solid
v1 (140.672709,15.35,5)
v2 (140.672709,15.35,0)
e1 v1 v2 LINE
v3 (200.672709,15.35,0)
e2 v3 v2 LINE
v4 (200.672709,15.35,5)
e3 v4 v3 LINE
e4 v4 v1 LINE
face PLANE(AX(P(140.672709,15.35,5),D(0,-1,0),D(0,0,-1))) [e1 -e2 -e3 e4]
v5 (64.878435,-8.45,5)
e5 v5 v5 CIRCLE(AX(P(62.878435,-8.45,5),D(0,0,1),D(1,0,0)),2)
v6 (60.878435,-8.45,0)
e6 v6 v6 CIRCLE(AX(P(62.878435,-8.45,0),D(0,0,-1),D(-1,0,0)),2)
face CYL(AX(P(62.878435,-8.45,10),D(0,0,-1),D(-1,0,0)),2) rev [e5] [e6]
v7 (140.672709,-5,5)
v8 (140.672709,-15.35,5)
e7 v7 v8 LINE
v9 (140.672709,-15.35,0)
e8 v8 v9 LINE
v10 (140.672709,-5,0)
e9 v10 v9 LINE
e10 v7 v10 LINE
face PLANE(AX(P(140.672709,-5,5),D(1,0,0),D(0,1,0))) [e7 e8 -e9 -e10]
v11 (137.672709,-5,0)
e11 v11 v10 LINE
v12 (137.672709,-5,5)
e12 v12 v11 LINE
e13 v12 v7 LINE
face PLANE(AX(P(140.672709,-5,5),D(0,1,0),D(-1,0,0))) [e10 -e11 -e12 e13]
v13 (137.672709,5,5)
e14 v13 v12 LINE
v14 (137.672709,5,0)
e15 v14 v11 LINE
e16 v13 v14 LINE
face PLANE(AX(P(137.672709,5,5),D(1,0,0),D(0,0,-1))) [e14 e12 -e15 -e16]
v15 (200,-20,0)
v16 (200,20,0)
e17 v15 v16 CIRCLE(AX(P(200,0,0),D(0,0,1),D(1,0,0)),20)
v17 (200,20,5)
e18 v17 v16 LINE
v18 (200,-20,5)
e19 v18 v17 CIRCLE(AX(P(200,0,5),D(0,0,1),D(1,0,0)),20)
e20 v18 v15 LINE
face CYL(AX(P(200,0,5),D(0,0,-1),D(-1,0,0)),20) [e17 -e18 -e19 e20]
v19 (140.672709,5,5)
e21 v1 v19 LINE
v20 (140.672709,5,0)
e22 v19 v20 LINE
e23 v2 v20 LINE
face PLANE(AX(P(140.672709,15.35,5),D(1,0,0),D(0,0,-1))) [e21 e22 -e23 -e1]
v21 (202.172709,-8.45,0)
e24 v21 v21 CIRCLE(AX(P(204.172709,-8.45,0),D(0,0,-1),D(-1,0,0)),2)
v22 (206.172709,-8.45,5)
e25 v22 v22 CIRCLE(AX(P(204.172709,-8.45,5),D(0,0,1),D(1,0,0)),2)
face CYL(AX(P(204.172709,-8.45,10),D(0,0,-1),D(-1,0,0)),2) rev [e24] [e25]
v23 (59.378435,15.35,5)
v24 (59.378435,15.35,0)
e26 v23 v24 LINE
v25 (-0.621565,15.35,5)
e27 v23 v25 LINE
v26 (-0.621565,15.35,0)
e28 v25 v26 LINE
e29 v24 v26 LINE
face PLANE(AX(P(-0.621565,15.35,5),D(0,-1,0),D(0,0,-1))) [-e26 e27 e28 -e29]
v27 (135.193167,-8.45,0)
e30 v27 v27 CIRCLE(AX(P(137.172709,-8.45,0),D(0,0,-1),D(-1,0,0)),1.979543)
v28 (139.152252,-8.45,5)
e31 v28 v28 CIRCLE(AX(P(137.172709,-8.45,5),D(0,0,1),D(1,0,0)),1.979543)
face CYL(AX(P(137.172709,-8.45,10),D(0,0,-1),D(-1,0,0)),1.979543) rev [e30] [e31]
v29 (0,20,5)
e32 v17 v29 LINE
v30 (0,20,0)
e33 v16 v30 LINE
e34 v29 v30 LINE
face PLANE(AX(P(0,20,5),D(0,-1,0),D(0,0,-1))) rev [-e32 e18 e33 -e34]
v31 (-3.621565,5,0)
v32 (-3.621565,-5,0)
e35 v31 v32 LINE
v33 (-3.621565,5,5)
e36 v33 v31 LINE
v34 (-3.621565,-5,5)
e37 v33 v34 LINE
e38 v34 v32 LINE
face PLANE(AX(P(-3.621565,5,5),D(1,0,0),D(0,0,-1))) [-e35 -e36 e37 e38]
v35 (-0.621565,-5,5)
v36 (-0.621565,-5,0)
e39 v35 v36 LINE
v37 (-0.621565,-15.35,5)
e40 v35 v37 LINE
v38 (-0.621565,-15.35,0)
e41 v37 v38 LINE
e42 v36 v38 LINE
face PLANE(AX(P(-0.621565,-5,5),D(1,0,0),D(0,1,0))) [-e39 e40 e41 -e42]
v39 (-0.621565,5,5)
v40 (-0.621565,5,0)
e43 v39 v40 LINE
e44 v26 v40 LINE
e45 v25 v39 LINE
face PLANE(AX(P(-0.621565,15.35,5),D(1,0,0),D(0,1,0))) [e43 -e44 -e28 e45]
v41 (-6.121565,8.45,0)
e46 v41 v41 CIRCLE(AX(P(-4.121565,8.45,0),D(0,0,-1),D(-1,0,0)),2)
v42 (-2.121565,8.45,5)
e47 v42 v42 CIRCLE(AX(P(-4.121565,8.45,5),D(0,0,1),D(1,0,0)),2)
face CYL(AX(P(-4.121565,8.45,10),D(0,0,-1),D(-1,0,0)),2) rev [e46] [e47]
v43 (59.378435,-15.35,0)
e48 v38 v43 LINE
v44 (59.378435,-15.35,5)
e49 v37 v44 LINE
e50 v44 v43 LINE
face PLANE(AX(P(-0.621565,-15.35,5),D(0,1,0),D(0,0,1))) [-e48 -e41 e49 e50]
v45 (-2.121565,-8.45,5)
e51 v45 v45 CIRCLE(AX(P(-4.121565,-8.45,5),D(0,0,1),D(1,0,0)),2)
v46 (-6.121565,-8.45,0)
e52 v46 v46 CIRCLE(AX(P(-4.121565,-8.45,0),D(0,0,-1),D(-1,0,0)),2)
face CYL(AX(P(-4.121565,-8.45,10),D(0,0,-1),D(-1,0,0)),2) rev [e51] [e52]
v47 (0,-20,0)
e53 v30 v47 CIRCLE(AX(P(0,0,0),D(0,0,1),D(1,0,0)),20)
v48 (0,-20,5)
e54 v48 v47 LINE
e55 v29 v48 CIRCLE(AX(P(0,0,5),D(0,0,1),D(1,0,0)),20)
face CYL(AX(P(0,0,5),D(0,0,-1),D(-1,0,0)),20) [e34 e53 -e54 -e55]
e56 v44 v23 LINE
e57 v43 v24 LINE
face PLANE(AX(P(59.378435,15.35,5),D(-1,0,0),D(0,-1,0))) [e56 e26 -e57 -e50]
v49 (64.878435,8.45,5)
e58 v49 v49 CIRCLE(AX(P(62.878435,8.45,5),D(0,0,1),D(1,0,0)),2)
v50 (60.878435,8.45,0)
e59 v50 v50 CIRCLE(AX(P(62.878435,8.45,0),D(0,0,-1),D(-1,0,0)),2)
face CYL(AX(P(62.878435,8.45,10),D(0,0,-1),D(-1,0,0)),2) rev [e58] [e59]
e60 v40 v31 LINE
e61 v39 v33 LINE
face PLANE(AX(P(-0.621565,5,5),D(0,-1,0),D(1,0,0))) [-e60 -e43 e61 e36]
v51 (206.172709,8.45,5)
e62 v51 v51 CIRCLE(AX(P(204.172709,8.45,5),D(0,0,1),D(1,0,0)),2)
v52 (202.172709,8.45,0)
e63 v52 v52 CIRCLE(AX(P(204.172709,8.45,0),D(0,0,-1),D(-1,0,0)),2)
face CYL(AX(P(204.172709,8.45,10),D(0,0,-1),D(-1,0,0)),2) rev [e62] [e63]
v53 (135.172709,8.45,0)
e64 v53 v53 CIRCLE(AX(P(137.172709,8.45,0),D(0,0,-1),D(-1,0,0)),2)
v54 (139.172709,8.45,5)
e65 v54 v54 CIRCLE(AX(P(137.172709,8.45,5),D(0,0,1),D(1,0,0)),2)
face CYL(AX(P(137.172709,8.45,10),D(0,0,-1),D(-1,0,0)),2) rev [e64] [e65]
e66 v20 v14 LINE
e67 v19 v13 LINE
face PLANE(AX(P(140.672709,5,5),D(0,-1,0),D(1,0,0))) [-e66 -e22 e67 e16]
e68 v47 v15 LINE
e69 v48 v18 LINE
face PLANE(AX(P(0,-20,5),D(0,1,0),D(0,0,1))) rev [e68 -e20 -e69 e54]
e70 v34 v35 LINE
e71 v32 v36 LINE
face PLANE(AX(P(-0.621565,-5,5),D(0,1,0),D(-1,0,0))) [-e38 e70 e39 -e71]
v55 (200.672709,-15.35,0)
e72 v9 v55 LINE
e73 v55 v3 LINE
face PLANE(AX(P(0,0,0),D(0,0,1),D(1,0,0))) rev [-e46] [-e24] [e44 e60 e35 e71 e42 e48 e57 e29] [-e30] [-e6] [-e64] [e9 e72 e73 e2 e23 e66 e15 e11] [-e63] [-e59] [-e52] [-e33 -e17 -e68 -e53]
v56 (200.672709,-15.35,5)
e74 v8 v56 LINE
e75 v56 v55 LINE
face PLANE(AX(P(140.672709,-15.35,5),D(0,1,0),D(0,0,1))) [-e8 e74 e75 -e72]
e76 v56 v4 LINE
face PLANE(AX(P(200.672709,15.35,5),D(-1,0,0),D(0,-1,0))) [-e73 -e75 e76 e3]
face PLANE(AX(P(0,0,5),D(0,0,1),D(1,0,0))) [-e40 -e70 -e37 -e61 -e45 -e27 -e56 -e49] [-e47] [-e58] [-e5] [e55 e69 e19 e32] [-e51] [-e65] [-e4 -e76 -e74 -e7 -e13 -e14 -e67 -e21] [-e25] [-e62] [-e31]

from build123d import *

# Parameters (mm, degrees)
BOSS_EXTRUDE1_DEPTH = 5
SKETCH2_R           = 2
SKETCH2_R_2         = 1.979542606
CUT_EXTRUDE1_DEPTH  = 10
SKETCH3_R           = 2
CUT_EXTRUDE2_DEPTH  = 10


with BuildPart() as part:
    # Sketch1 → Boss-Extrude1 (new body)
    with BuildSketch(Plane.XY):
        with BuildLine():
            Line((0, 20), (200, 20))
            ThreePointArc((200, 20), (220, 0), (200, -20))
            Line((200, -20), (0, -20))
            ThreePointArc((0, -20), (-20, 0), (0, 20))
        make_face()
        Polygon((-0.621565279, -5), (-0.621565279, -15.35), (59.378434721, -15.35), (59.378434721, 15.35), (-0.621565279, 15.35), (-0.621565279, 5), (-3.621565279, 5), (-3.621565279, -5), align=None, mode=Mode.SUBTRACT)
        Polygon((140.672709247, -5), (140.672709247, -15.35), (200.672709247, -15.35), (200.672709247, 15.35), (140.672709247, 15.35), (140.672709247, 5), (137.672709247, 5), (137.672709247, -5), align=None, mode=Mode.SUBTRACT)
    extrude(amount=BOSS_EXTRUDE1_DEPTH)

    # Sketch2 → Cut-Extrude1 (cut)
    with BuildSketch(Plane(origin=(0, 0, 0), x_dir=(-1, 0, 0), z_dir=(0, 0, -1))):
        with Locations((-137.172709247, 8.45)):
            Circle(SKETCH2_R)
        with Locations((-137.172709247, -8.45)):
            Circle(SKETCH2_R_2)
        with Locations((-204.172709247, 8.45)):
            Circle(SKETCH2_R)
        with Locations((-204.172709247, -8.45)):
            Circle(SKETCH2_R)
    extrude(amount=-CUT_EXTRUDE1_DEPTH, mode=Mode.SUBTRACT)

    # Sketch3 → Cut-Extrude2 (cut)
    with BuildSketch(Plane(origin=(0, 0, 0), x_dir=(-1, 0, 0), z_dir=(0, 0, -1))):
        with Locations((4.121565279, 8.45)):
            Circle(SKETCH3_R)
        with Locations((4.121565279, -8.45)):
            Circle(SKETCH3_R)
        with Locations((-62.878434721, -8.45)):
            Circle(SKETCH3_R)
        with Locations((-62.878434721, 8.45)):
            Circle(SKETCH3_R)
    extrude(amount=-CUT_EXTRUDE2_DEPTH, mode=Mode.SUBTRACT)


solid = part.part
